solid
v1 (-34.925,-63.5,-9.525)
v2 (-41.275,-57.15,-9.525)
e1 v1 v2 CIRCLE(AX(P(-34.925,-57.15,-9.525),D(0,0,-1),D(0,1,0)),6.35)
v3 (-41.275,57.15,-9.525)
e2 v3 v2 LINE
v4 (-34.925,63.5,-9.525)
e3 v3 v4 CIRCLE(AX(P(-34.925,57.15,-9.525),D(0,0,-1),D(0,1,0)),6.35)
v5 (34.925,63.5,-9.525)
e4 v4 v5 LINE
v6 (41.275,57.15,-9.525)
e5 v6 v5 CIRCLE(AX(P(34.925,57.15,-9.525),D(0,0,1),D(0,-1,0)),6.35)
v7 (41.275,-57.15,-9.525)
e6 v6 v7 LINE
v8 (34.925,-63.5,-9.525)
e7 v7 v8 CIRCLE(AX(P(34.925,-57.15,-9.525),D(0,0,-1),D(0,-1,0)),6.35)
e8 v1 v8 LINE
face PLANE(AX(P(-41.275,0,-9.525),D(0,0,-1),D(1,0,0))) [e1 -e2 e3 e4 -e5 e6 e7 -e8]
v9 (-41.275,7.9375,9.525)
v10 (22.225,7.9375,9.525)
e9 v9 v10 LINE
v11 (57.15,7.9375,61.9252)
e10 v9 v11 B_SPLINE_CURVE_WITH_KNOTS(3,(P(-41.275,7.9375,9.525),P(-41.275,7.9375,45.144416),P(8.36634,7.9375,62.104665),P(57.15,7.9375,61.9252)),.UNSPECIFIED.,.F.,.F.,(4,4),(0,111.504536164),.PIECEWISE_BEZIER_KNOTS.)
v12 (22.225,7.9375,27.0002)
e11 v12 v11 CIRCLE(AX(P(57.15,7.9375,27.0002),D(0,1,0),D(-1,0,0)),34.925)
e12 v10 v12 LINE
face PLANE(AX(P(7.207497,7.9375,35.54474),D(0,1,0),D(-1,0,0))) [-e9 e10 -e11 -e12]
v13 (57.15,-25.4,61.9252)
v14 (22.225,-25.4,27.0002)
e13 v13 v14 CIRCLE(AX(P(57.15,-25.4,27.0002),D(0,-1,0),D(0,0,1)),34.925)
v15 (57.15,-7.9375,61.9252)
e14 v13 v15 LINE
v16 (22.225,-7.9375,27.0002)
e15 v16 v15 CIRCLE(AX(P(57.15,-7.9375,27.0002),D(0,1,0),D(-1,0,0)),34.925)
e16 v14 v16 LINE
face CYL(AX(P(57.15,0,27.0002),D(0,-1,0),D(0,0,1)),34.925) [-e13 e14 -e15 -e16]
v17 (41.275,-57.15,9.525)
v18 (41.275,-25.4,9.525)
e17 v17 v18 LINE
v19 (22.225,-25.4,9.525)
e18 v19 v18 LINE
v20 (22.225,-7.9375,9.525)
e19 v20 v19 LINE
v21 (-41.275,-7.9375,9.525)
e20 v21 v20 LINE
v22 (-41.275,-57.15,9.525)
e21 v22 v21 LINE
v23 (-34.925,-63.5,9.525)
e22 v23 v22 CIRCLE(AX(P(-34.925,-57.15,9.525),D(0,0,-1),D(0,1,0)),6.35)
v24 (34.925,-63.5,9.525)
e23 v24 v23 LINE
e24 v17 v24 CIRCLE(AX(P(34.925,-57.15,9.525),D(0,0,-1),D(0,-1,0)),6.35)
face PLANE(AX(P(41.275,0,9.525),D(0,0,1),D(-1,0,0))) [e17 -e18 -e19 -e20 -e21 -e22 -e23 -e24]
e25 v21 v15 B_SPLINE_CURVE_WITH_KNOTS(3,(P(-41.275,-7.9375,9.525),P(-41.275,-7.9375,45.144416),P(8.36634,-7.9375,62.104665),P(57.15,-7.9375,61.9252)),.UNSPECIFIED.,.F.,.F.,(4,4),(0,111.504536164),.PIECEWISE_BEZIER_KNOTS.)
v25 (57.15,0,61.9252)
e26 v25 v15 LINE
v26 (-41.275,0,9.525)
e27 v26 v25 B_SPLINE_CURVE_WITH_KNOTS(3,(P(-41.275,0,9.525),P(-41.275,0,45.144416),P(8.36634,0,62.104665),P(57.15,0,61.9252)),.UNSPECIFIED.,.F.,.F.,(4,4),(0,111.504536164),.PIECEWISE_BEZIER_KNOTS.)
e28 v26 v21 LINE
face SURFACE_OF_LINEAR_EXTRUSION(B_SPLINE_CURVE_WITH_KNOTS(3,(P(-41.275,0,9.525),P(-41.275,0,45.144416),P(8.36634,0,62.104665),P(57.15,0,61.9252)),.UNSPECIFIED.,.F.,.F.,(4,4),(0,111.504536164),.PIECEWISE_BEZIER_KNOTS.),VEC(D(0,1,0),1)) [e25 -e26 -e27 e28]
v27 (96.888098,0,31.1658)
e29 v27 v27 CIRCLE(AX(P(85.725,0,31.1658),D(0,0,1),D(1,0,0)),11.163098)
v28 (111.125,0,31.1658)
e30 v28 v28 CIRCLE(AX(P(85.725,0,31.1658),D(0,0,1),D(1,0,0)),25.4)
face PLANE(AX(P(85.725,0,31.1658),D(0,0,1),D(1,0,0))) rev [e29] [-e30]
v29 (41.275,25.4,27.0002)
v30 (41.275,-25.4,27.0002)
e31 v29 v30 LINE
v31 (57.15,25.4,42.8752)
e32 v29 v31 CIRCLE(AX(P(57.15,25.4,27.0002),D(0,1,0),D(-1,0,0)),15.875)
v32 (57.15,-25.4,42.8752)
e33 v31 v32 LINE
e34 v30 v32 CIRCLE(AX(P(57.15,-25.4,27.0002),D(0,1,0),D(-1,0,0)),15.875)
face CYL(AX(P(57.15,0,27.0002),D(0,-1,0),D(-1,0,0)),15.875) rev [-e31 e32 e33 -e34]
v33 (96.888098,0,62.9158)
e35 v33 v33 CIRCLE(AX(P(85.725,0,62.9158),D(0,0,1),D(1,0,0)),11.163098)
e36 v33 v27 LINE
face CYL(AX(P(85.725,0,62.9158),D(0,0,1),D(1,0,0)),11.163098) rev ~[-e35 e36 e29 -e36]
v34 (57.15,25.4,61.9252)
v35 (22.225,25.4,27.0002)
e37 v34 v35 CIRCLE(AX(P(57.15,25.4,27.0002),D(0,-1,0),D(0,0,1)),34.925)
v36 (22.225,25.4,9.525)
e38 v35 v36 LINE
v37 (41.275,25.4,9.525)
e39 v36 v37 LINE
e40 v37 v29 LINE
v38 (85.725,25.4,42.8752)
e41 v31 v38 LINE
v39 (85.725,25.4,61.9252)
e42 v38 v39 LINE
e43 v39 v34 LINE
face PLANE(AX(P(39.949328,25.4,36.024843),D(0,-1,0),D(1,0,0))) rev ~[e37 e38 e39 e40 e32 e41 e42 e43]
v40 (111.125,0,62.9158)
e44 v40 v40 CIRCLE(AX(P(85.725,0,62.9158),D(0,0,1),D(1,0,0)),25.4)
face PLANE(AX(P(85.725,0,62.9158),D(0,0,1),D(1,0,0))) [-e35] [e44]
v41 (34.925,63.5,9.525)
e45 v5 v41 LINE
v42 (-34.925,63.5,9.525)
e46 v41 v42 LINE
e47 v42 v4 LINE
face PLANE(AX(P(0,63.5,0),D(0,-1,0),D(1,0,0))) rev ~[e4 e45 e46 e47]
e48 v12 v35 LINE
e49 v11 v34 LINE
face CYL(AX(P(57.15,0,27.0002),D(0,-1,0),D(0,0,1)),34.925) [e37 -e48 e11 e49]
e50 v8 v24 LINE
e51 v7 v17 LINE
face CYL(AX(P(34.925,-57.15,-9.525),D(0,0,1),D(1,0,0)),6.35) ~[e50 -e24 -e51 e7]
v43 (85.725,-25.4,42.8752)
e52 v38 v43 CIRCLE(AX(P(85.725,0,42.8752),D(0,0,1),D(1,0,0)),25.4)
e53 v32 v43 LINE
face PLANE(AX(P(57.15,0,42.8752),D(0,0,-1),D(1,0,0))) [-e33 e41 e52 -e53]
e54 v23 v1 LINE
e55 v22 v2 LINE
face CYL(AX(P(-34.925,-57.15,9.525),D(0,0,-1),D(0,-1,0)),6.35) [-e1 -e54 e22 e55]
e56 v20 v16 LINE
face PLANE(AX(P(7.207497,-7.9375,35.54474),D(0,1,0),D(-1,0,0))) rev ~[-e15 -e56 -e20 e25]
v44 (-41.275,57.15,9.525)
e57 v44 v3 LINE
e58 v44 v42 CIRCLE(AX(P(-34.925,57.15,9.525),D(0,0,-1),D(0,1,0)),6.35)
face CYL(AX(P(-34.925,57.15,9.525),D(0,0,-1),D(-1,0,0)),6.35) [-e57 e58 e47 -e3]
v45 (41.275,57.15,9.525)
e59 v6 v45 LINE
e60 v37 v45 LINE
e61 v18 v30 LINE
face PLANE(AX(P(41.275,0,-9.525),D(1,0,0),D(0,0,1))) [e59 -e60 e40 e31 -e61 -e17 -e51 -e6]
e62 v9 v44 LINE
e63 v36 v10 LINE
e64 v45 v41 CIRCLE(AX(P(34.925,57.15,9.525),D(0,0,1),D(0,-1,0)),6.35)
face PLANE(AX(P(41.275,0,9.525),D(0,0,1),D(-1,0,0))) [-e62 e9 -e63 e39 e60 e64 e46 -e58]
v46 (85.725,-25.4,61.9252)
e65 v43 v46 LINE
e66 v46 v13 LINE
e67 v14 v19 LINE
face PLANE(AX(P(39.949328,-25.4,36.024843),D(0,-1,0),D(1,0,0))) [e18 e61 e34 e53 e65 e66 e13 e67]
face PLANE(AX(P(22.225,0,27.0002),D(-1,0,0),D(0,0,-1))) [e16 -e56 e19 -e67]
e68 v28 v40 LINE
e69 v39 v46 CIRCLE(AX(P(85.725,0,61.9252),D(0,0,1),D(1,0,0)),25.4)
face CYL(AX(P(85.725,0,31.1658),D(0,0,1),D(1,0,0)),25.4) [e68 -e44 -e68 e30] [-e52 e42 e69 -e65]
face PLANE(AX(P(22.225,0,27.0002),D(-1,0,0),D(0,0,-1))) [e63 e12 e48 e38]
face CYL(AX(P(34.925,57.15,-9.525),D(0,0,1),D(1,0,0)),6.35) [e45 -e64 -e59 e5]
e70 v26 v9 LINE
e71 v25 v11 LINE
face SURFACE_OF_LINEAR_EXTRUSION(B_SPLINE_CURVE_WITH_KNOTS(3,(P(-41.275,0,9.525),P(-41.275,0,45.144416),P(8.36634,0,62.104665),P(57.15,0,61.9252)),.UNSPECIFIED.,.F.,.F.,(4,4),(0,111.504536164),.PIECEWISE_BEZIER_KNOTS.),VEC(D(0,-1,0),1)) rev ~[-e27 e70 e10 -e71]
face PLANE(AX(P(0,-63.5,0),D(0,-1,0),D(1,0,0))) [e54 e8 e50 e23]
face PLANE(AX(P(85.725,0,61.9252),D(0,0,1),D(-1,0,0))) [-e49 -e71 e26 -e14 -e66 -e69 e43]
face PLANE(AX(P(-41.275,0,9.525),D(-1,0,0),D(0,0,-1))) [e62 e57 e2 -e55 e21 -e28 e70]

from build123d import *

# Parameters (mm, degrees)
F1_DEPTH = 63.5
F0_W     = 25.4
F0_H     = 19.05
F2_DEPTH = 25.4
F3_DEPTH = 7.9375
F5_R     = 6.35
F6_R     = 11.1630975277
F7_DEPTH = 35


with BuildPart() as f1:
    # F0 (on Front) → F1 (new body, symmetric)
    with BuildSketch(Plane.XZ):
        Polygon((22.225, 9.525), (-41.275, 9.525), (-41.275, -9.525), (41.275, -9.525), (41.275, 9.525), align=None)
    extrude(amount=F1_DEPTH, both=True)

    # F0 (on Front) → F2 (join, symmetric)
    with BuildSketch(Plane.XZ):
        with BuildLine():
            Line((22.225, 27.0002), (22.225, 9.525))
            Line((22.225, 9.525), (41.275, 9.525))
            Line((41.275, 9.525), (41.275, 27.0002))
            ThreePointArc((41.275, 27.0002), (45.9246798487, 38.2255201513), (57.15, 42.8752))
            Line((57.15, 42.8752), (60.325, 42.8752))
            Line((60.325, 42.8752), (60.325, 61.9252))
            Line((60.325, 61.9252), (57.15, 61.9252))
            ThreePointArc((57.15, 61.9252), (32.4542956671, 51.6959043329), (22.225, 27.0002))
        make_face()
        with Locations((73.025, 52.4002)):
            Rectangle(F0_W, F0_H)
    extrude(amount=F2_DEPTH, both=True)

    # F0 (on Front) → F3 (join, symmetric)
    with BuildSketch(Plane.XZ):
        with BuildLine():
            add(Edge.make_bspline(
                [(-41.275, 9.525), (-41.275, 45.1444163918), (8.36633984, 62.1046647429), (57.15, 61.9252)],
                knots=[0, 0, 0, 0, 111.5045361635, 111.5045361635, 111.5045361635, 111.5045361635], degree=3))
            Line((-41.275, 9.525), (22.225, 9.525))
            Line((22.225, 9.525), (22.225, 27.0002))
            ThreePointArc((22.225, 27.0002), (32.4542956671, 51.6959043329), (57.15, 61.9252))
        make_face()
    extrude(amount=F3_DEPTH, both=True)

    # F0 (on Front) → F4 (revolve)
    with BuildSketch(Plane.XZ):
        Polygon((85.725, 62.9158), (85.725, 61.9252), (85.725, 42.8752), (85.725, 31.1658), (111.125, 31.1658), (111.125, 62.9158), align=None)
    revolve(axis=Axis((85.725, 0, 47.0408), (0, 0, 1)))

    # F5
    f5_edges = [f1.edges().sort_by_distance(p)[0] for p in [
        (41.275, 63.5, 0),
        (-41.275, 63.5, 0),
        (-41.275, -63.5, 0),
        (41.275, -63.5, 0),
    ]]
    fillet(f5_edges, radius=F5_R)

    # F6 (on face) → F7 (cut)
    with BuildSketch(Plane.XY.offset(62.9158)):
        with Locations((85.725, 0)):
            Circle(F6_R)
    extrude(amount=-F7_DEPTH, mode=Mode.SUBTRACT)


solid = f1.part
